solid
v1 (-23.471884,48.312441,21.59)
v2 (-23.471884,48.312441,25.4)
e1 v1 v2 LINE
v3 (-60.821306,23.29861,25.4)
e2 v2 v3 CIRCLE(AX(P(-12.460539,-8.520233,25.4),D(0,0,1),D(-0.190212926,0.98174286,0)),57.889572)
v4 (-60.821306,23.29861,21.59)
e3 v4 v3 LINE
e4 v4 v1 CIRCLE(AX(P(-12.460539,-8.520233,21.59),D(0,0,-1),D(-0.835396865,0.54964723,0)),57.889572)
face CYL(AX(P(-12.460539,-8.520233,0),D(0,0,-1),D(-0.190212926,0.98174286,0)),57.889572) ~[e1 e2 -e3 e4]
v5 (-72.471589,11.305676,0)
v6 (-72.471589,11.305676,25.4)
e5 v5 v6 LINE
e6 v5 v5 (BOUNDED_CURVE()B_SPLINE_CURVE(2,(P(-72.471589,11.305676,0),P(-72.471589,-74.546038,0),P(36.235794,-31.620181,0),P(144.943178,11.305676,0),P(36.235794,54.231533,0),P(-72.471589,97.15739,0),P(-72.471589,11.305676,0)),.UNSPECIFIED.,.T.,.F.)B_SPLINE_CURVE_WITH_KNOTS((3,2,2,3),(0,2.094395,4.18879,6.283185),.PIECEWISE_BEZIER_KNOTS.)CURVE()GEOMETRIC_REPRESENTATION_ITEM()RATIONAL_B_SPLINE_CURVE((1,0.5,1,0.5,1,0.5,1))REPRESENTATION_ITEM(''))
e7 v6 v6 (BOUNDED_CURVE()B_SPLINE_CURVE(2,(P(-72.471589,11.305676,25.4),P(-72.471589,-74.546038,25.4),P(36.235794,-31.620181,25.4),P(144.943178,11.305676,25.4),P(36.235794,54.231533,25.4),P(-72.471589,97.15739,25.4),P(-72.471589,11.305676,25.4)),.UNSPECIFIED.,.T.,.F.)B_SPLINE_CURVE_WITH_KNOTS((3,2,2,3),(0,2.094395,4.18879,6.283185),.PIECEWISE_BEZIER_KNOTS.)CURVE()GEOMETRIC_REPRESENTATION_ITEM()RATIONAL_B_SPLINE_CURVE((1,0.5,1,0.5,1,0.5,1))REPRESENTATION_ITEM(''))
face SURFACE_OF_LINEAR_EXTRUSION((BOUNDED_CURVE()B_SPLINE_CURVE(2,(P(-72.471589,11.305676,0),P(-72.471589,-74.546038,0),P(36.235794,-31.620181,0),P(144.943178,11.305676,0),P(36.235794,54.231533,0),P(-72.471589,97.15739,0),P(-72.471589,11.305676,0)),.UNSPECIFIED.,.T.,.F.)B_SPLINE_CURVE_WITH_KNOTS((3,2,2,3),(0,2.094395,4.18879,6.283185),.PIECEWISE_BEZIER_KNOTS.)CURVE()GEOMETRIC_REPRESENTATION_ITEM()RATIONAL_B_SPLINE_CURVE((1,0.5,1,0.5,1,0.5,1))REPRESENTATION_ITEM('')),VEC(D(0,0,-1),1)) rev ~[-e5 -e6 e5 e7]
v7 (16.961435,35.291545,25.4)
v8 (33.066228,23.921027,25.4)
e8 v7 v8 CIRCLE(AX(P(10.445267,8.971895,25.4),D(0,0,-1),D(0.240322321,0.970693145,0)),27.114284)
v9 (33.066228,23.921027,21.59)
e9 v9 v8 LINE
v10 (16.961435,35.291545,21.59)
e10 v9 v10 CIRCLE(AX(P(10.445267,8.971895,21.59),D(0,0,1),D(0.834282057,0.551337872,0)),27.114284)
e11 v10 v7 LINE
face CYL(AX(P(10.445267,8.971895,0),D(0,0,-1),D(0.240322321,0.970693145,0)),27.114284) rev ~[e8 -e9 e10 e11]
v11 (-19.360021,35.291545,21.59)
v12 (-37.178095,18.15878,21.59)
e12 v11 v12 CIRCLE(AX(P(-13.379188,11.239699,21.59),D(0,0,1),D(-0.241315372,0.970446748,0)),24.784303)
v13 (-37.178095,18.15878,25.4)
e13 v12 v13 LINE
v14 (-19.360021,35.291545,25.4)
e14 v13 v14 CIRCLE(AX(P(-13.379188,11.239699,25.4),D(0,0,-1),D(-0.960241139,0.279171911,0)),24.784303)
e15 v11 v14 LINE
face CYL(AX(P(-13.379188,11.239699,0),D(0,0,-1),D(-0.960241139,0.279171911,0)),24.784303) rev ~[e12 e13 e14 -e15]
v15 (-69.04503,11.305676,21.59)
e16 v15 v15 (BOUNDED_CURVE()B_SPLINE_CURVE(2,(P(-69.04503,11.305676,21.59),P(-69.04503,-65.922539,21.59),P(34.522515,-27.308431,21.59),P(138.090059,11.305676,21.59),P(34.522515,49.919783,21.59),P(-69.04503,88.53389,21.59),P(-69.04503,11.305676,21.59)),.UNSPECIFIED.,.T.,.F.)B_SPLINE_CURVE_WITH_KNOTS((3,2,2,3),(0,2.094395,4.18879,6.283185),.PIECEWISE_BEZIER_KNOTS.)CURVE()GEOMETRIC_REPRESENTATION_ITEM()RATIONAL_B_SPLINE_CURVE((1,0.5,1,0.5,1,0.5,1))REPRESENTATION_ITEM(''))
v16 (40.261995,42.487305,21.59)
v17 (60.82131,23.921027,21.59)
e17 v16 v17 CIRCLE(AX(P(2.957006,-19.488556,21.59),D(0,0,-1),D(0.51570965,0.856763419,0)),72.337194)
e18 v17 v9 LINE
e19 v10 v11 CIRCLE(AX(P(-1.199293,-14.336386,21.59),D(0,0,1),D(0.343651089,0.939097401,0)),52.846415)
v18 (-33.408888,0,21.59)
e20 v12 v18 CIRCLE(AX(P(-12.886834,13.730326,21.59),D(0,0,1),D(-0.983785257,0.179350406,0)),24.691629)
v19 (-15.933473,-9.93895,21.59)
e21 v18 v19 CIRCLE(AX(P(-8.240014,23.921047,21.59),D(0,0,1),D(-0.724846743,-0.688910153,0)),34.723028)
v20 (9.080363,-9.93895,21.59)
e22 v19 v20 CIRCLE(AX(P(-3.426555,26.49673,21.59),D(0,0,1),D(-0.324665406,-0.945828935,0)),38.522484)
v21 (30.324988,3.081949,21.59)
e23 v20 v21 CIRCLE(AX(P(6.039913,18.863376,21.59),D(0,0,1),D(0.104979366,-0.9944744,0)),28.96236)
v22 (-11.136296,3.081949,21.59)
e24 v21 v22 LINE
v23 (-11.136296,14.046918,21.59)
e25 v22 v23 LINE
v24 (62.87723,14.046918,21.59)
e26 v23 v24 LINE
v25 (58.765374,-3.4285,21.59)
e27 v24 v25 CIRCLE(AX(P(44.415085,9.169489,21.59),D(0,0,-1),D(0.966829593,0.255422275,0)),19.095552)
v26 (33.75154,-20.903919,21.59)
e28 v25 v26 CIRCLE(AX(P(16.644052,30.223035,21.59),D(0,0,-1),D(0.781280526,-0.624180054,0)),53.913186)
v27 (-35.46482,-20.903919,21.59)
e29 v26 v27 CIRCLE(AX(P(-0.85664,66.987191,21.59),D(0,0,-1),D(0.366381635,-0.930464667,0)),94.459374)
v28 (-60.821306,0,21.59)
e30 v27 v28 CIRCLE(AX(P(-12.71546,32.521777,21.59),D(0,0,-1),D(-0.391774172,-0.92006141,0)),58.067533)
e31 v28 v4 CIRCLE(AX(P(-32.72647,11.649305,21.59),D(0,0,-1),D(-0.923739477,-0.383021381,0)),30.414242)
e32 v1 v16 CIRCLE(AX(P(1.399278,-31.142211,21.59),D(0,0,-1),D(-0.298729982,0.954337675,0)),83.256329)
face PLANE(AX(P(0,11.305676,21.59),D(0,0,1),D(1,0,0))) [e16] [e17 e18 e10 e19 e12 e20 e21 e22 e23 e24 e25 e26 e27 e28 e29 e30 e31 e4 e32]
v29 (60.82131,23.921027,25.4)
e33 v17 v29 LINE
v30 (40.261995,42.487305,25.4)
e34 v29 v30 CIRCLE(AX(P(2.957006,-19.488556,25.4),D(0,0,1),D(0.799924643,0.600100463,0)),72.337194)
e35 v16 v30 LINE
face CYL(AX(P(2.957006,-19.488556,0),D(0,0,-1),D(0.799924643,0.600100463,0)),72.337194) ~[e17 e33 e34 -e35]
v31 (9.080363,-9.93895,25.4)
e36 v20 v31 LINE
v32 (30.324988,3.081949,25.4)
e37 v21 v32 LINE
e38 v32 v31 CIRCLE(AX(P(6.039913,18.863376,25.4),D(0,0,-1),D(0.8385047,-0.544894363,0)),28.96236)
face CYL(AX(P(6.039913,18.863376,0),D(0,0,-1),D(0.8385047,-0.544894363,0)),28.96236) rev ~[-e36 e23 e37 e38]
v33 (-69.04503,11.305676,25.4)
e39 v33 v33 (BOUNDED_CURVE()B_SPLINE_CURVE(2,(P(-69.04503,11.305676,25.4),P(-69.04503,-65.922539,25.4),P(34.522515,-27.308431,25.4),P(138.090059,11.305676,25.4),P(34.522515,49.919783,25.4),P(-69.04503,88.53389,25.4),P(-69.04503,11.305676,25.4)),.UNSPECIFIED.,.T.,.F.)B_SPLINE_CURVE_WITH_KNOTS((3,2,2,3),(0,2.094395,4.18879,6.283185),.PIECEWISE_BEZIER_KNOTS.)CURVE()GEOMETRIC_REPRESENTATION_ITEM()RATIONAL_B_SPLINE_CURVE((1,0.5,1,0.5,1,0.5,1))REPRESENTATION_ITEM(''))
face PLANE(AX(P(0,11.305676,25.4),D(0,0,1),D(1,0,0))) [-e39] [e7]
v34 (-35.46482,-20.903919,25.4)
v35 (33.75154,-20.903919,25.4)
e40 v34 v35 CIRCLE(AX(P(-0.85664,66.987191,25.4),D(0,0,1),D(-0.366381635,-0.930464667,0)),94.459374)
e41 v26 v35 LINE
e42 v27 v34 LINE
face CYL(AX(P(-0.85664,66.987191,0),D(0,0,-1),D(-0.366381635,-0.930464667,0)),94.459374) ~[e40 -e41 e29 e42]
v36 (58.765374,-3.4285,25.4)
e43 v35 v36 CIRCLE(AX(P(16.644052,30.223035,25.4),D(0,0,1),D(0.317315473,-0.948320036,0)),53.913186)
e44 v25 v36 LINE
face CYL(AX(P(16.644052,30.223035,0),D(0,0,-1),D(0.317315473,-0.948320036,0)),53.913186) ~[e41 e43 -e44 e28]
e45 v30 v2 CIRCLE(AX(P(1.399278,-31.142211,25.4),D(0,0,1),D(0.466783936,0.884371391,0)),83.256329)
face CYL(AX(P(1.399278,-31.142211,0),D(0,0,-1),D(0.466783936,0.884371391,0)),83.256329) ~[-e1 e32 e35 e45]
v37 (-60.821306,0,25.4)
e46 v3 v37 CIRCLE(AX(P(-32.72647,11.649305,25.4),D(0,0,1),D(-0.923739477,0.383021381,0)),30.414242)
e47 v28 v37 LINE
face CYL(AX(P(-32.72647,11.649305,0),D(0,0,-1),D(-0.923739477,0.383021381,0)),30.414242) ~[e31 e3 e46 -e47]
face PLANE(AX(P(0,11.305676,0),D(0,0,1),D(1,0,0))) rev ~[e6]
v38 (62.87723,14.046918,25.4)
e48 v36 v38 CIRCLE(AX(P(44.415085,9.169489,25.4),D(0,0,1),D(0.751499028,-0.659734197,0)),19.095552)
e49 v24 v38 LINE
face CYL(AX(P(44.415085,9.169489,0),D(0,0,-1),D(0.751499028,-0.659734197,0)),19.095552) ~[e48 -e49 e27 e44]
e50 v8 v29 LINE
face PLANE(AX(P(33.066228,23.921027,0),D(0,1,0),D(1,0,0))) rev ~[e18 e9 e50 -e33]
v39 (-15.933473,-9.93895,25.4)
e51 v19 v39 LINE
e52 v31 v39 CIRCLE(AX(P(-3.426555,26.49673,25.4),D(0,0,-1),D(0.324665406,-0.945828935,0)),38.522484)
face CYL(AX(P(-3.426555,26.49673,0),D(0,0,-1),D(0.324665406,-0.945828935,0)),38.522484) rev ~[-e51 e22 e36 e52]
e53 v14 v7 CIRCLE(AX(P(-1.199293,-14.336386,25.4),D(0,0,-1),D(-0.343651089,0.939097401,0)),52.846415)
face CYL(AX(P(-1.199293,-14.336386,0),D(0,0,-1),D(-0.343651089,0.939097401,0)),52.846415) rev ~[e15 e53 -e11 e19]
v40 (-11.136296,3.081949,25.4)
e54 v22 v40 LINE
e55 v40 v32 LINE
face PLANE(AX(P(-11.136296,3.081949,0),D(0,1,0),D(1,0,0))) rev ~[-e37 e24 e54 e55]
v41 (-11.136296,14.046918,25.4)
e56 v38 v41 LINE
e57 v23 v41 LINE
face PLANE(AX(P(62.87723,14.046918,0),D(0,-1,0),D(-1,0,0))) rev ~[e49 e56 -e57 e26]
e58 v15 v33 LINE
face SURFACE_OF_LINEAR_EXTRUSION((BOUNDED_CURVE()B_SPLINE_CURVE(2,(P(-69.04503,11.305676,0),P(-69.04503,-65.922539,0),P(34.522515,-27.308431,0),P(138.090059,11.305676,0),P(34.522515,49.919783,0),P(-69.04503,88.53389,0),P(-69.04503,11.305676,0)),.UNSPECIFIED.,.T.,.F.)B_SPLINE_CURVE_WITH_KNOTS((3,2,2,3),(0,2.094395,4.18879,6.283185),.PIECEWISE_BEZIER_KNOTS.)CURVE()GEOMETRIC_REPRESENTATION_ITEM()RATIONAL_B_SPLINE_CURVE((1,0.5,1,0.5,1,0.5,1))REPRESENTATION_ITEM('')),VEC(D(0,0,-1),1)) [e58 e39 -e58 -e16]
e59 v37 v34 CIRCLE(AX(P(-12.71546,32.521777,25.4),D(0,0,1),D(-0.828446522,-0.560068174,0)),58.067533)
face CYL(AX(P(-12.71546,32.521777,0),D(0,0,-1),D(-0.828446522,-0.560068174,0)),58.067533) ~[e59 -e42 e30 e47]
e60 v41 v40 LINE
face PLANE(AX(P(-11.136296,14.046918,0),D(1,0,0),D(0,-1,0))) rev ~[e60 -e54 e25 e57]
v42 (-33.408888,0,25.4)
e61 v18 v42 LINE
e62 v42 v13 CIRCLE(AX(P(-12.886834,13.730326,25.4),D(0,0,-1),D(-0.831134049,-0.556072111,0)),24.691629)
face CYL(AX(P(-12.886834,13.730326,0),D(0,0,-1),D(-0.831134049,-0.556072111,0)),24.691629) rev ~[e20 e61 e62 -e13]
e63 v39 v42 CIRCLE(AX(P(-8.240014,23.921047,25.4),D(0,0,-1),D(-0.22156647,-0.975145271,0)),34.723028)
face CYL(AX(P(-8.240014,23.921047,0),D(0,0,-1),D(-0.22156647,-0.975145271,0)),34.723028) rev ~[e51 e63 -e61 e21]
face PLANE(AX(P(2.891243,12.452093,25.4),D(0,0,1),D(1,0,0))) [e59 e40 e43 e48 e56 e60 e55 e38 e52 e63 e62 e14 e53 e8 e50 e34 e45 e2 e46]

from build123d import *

# Parameters (mm, degrees)
F1_DEPTH = 25.4
F2_DEPTH = 21.59
F3_DEPTH = 25.4


with BuildPart() as f1:
    # F0 (on Top) → F1 (new body)
    with BuildSketch(Plane.XY):
        with BuildLine():
            add(Edge.make_bspline(
                [(-72.471589, 11.305676), (-72.471589, -74.546038), (36.235794, -31.620181), (144.943178, 11.305676), (36.235794, 54.231533), (-72.471589, 97.15739), (-72.471589, 11.305676)],
                knots=[0, 0, 0, 2.094395, 2.094395, 4.18879, 4.18879, 6.283185, 6.283185, 6.283185], degree=2, weights=[1, 0.5, 1, 0.5, 1, 0.5, 1]))
        make_face()
        with BuildLine():
            add(Edge.make_bspline(
                [(-69.04503, 11.305676), (-69.04503, -65.922539), (34.522515, -27.308431), (138.090059, 11.305676), (34.522515, 49.919783), (-69.04503, 88.53389), (-69.04503, 11.305676)],
                knots=[0, 0, 0, 2.094395, 2.094395, 4.18879, 4.18879, 6.283185, 6.283185, 6.283185], degree=2, weights=[1, 0.5, 1, 0.5, 1, 0.5, 1]))
        make_face(mode=Mode.SUBTRACT)
    extrude(amount=F1_DEPTH)

    # F0 (on Top) → F2 (join)
    with BuildSketch(Plane.XY):
        with BuildLine():
            add(Edge.make_bspline(
                [(-69.04503, 11.305676), (-69.04503, -65.922539), (34.522515, -27.308431), (138.090059, 11.305676), (34.522515, 49.919783), (-69.04503, 88.53389), (-69.04503, 11.305676)],
                knots=[0, 0, 0, 2.094395, 2.094395, 4.18879, 4.18879, 6.283185, 6.283185, 6.283185], degree=2, weights=[1, 0.5, 1, 0.5, 1, 0.5, 1]))
        make_face()
        with BuildLine():
            ThreePointArc((9.080363, -9.93895), (21.174543, -5.829969), (30.324988, 3.081949))
            Line((30.324988, 3.081949), (-11.136296, 3.081949))
            Line((-11.136296, 3.081949), (-11.136296, 14.046918))
            Line((-11.136296, 14.046918), (62.87723, 14.046918))
            ThreePointArc((62.87723, 14.046918), (63.003025, 4.795863), (58.765374, -3.4285))
            ThreePointArc((58.765374, -3.4285), (47.520589, -13.972791), (33.75154, -20.903919))
            ThreePointArc((33.75154, -20.903919), (-0.85664, -27.472183), (-35.46482, -20.903919))
            ThreePointArc((-35.46482, -20.903919), (-49.652684, -12.283132), (-60.821306, 0))
            ThreePointArc((-60.821306, 0), (-63.140712, 11.649305), (-60.821306, 23.29861))
            ThreePointArc((-60.821306, 23.29861), (-44.673656, 39.578807), (-23.471884, 48.312441))
            ThreePointArc((-23.471884, 48.312441), (8.977137, 51.768539), (40.261995, 42.487305))
            ThreePointArc((40.261995, 42.487305), (51.438706, 34.197516), (60.82131, 23.921027))
            Line((60.82131, 23.921027), (33.066228, 23.921027))
            ThreePointArc((33.066228, 23.921027), (26.083849, 31.12182), (16.961435, 35.291545))
            ThreePointArc((16.961435, 35.291545), (-1.199293, 38.510029), (-19.360021, 35.291545))
            ThreePointArc((-19.360021, 35.291545), (-30.557405, 29.105043), (-37.178095, 18.15878))
            ThreePointArc((-37.178095, 18.15878), (-37.063137, 8.712066), (-33.408888, 0))
            ThreePointArc((-33.408888, 0), (-25.406228, -6.261892), (-15.933473, -9.93895))
            ThreePointArc((-15.933473, -9.93895), (-3.426555, -12.025754), (9.080363, -9.93895))
        make_face(mode=Mode.SUBTRACT)
    extrude(amount=F2_DEPTH)

    # F0 (on Top) → F3 (join)
    with BuildSketch(Plane.XY):
        with BuildLine():
            Line((-11.136296, 3.081949), (30.324988, 3.081949))
            ThreePointArc((30.324988, 3.081949), (21.174543, -5.829969), (9.080363, -9.93895))
            ThreePointArc((9.080363, -9.93895), (-3.426555, -12.025754), (-15.933473, -9.93895))
            ThreePointArc((-15.933473, -9.93895), (-25.406228, -6.261892), (-33.408888, 0))
            ThreePointArc((-33.408888, 0), (-37.063137, 8.712066), (-37.178095, 18.15878))
            ThreePointArc((-37.178095, 18.15878), (-30.557405, 29.105043), (-19.360021, 35.291545))
            ThreePointArc((-19.360021, 35.291545), (-1.199293, 38.510029), (16.961435, 35.291545))
            ThreePointArc((16.961435, 35.291545), (26.083849, 31.12182), (33.066228, 23.921027))
            Line((33.066228, 23.921027), (60.82131, 23.921027))
            ThreePointArc((60.82131, 23.921027), (51.438706, 34.197516), (40.261995, 42.487305))
            ThreePointArc((40.261995, 42.487305), (8.977137, 51.768539), (-23.471884, 48.312441))
            ThreePointArc((-23.471884, 48.312441), (-44.673656, 39.578807), (-60.821306, 23.29861))
            ThreePointArc((-60.821306, 23.29861), (-63.140712, 11.649305), (-60.821306, 0))
            ThreePointArc((-60.821306, 0), (-49.652684, -12.283132), (-35.46482, -20.903919))
            ThreePointArc((-35.46482, -20.903919), (-0.85664, -27.472183), (33.75154, -20.903919))
            ThreePointArc((33.75154, -20.903919), (47.520589, -13.972791), (58.765374, -3.4285))
            ThreePointArc((58.765374, -3.4285), (63.003025, 4.795863), (62.87723, 14.046918))
            Line((62.87723, 14.046918), (-11.136296, 14.046918))
            Line((-11.136296, 14.046918), (-11.136296, 3.081949))
        make_face()
    extrude(amount=F3_DEPTH)


solid = f1.part
